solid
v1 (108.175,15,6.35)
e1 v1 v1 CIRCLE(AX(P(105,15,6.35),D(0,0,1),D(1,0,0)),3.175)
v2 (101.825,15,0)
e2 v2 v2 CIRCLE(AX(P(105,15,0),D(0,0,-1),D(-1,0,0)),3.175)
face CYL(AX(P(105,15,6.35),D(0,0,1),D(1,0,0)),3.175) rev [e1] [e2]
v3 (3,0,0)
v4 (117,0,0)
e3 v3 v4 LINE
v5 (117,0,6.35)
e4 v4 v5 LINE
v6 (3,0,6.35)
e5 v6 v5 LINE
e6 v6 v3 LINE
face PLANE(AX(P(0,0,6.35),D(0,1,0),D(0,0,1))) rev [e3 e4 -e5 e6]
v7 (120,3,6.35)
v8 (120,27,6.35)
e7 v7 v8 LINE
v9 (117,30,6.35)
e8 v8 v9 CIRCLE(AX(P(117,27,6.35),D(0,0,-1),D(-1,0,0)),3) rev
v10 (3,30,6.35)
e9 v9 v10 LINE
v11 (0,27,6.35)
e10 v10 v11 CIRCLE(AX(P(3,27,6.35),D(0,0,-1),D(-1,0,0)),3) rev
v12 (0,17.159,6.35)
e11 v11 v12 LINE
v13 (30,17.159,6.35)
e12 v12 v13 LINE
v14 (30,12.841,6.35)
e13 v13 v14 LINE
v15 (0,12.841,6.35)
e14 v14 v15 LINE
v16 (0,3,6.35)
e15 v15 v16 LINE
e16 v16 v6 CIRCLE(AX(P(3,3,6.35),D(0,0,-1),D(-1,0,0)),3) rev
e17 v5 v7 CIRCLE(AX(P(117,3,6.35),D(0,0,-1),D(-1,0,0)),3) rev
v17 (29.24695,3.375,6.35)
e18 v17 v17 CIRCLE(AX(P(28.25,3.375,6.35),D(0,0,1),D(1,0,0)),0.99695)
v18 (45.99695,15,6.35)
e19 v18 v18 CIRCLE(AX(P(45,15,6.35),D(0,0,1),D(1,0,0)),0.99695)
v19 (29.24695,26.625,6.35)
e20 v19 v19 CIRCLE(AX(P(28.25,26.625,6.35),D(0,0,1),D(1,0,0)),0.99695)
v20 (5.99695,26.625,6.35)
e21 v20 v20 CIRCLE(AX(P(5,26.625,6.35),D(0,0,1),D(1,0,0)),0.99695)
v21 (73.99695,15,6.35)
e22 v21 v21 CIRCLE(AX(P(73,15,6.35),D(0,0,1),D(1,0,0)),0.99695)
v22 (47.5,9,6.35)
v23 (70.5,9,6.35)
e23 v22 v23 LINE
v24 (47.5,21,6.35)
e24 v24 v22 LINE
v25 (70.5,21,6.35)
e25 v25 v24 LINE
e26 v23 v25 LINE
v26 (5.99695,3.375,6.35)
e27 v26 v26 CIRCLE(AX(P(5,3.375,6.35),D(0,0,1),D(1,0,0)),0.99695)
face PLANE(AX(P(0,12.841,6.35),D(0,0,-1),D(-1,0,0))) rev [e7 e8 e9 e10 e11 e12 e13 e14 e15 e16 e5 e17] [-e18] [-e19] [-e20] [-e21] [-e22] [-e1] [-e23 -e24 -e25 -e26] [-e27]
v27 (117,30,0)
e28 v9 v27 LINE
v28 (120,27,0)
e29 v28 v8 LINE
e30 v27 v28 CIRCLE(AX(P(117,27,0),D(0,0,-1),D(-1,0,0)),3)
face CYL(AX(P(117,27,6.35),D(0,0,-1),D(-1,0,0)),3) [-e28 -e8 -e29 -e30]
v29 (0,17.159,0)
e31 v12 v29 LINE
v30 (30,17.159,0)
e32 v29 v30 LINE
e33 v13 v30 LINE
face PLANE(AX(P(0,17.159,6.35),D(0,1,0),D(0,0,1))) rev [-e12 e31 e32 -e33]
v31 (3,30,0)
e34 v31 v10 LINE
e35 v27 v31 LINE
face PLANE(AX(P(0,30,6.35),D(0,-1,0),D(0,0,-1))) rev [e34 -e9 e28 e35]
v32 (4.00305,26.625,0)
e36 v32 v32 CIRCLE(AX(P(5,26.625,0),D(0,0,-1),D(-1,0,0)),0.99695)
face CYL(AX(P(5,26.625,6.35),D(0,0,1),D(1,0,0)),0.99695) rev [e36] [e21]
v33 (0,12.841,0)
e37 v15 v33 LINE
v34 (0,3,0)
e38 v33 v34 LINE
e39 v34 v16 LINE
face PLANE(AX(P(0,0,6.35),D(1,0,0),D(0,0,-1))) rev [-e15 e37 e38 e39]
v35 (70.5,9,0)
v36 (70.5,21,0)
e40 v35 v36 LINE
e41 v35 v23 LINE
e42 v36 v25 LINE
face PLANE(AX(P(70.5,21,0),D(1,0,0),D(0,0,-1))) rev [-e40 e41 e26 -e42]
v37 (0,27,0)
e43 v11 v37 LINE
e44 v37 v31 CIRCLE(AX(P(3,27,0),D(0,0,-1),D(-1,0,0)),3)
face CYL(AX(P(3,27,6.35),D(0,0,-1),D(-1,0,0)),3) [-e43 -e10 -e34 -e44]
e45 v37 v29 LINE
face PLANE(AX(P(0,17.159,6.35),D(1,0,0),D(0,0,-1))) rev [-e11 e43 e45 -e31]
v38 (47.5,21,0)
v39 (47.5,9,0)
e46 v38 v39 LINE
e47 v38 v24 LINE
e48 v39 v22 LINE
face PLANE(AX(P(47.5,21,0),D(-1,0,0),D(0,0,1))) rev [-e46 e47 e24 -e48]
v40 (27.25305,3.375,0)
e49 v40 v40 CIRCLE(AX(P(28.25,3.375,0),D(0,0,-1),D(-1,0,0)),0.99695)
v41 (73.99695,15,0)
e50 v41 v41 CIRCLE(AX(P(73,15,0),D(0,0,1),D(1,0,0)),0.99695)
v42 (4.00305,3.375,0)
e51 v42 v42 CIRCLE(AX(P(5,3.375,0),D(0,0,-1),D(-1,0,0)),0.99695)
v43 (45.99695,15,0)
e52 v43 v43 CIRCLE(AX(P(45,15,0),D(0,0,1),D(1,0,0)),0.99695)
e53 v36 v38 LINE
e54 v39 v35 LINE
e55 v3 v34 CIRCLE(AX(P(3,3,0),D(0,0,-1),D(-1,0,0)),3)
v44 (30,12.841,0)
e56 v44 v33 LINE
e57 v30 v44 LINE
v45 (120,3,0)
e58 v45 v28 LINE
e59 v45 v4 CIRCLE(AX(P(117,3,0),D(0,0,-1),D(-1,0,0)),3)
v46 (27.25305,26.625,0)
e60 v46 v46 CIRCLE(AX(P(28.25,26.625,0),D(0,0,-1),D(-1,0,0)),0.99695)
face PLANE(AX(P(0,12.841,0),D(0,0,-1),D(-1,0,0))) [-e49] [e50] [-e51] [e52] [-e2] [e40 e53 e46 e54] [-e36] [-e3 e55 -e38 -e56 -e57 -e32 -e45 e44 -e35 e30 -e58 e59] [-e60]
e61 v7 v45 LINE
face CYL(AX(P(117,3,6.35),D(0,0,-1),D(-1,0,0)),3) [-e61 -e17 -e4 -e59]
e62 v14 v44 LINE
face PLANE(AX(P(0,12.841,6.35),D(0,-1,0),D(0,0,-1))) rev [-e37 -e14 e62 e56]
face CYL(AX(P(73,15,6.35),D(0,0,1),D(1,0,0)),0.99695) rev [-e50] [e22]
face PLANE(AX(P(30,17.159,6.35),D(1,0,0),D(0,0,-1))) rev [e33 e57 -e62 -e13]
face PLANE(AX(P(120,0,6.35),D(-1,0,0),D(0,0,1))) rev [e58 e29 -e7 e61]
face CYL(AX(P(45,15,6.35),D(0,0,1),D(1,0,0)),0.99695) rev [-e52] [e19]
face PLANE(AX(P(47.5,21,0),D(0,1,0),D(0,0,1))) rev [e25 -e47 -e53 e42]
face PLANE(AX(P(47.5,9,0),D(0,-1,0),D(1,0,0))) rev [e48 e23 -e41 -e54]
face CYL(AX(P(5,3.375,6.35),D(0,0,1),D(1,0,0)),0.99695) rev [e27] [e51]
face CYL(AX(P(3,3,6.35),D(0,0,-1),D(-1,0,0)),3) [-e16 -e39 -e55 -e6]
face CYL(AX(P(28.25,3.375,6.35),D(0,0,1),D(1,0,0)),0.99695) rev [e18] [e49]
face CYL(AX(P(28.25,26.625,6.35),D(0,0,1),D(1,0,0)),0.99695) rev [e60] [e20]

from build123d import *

# Parameters (mm, degrees)
MAIN_SHAPE_DEPTH                              = 6.35
FILLET1_R                                     = 3
ELBOW_X_MOUNT_HOLES_D                         = 1.9939
ELBOW_X_MOUNT_HOLES_DEPTH                     = 7.67
ELBOW_X_MOUNT_HOLES_TIP                       = 0.599027994
SKETCH6_W                                     = 23
SKETCH6_H                                     = 12
CUTOUT_FOR_WRIST_SERVO_DEPTH                  = 7.35
WRIST_SERVO_MOUNTING_HOLES_D                  = 1.9939
F_1_4_0_25_DIAMETER_HOLE_FOR_WRIST_DOWE_D     = 6.35
F_1_4_0_25_DIAMETER_HOLE_FOR_WRIST_DOWE_DEPTH = 18
F_1_4_0_25_DIAMETER_HOLE_FOR_WRIST_DOWE_TIP   = 1.907732465


with BuildPart() as part:
    # Sketch1 → main shape (new body)
    with BuildSketch(Plane.XY):
        Polygon((0, 17.159), (0, 30), (120, 30), (120, 0), (0, 0), (0, 12.841), (30, 12.841), (30, 17.159), align=None)
    extrude(amount=MAIN_SHAPE_DEPTH)

    # Fillet1
    fillet1_edges = [part.edges().sort_by_distance(p)[0] for p in [
        (0, 30, 3.175),
        (120, 30, 3.175),
        (120, 0, 3.175),
        (0, 0, 3.175),
    ]]
    fillet(fillet1_edges, radius=FILLET1_R)

    # elbow X mount holes
    with Locations(Plane.XY.offset(6.35)):
        with Locations((5, 26.625), (28.25, 26.625), (28.25, 3.375), (5, 3.375)):
            Hole(ELBOW_X_MOUNT_HOLES_D / 2, depth=ELBOW_X_MOUNT_HOLES_DEPTH)
            with Locations((0, 0, -(ELBOW_X_MOUNT_HOLES_DEPTH + ELBOW_X_MOUNT_HOLES_TIP / 2))):  # 118° drill point
                Cone(0, ELBOW_X_MOUNT_HOLES_D / 2, ELBOW_X_MOUNT_HOLES_TIP, mode=Mode.SUBTRACT)

    # Sketch6 → cutout for wrist servo (cut, through all)
    with BuildSketch(Plane.XY.offset(6.35)):
        with Locations((59, 15)):
            Rectangle(SKETCH6_W, SKETCH6_H)
    extrude(amount=-CUTOUT_FOR_WRIST_SERVO_DEPTH, mode=Mode.SUBTRACT)

    # wrist servo mounting holes (through all)
    with Locations(Plane.XY.offset(6.35)):
        with Locations((45, 15), (73, 15)):
            Hole(WRIST_SERVO_MOUNTING_HOLES_D / 2)

    # 1/4 (0.25) Diameter Hole (for wrist dowel)
    with Locations(Plane.XY.offset(6.35)):
        with Locations((105, 15)):
            Hole(F_1_4_0_25_DIAMETER_HOLE_FOR_WRIST_DOWE_D / 2, depth=F_1_4_0_25_DIAMETER_HOLE_FOR_WRIST_DOWE_DEPTH)
            with Locations((0, 0, -(F_1_4_0_25_DIAMETER_HOLE_FOR_WRIST_DOWE_DEPTH + F_1_4_0_25_DIAMETER_HOLE_FOR_WRIST_DOWE_TIP / 2))):  # 118° drill point
                Cone(0, F_1_4_0_25_DIAMETER_HOLE_FOR_WRIST_DOWE_D / 2, F_1_4_0_25_DIAMETER_HOLE_FOR_WRIST_DOWE_TIP, mode=Mode.SUBTRACT)


solid = part.part
